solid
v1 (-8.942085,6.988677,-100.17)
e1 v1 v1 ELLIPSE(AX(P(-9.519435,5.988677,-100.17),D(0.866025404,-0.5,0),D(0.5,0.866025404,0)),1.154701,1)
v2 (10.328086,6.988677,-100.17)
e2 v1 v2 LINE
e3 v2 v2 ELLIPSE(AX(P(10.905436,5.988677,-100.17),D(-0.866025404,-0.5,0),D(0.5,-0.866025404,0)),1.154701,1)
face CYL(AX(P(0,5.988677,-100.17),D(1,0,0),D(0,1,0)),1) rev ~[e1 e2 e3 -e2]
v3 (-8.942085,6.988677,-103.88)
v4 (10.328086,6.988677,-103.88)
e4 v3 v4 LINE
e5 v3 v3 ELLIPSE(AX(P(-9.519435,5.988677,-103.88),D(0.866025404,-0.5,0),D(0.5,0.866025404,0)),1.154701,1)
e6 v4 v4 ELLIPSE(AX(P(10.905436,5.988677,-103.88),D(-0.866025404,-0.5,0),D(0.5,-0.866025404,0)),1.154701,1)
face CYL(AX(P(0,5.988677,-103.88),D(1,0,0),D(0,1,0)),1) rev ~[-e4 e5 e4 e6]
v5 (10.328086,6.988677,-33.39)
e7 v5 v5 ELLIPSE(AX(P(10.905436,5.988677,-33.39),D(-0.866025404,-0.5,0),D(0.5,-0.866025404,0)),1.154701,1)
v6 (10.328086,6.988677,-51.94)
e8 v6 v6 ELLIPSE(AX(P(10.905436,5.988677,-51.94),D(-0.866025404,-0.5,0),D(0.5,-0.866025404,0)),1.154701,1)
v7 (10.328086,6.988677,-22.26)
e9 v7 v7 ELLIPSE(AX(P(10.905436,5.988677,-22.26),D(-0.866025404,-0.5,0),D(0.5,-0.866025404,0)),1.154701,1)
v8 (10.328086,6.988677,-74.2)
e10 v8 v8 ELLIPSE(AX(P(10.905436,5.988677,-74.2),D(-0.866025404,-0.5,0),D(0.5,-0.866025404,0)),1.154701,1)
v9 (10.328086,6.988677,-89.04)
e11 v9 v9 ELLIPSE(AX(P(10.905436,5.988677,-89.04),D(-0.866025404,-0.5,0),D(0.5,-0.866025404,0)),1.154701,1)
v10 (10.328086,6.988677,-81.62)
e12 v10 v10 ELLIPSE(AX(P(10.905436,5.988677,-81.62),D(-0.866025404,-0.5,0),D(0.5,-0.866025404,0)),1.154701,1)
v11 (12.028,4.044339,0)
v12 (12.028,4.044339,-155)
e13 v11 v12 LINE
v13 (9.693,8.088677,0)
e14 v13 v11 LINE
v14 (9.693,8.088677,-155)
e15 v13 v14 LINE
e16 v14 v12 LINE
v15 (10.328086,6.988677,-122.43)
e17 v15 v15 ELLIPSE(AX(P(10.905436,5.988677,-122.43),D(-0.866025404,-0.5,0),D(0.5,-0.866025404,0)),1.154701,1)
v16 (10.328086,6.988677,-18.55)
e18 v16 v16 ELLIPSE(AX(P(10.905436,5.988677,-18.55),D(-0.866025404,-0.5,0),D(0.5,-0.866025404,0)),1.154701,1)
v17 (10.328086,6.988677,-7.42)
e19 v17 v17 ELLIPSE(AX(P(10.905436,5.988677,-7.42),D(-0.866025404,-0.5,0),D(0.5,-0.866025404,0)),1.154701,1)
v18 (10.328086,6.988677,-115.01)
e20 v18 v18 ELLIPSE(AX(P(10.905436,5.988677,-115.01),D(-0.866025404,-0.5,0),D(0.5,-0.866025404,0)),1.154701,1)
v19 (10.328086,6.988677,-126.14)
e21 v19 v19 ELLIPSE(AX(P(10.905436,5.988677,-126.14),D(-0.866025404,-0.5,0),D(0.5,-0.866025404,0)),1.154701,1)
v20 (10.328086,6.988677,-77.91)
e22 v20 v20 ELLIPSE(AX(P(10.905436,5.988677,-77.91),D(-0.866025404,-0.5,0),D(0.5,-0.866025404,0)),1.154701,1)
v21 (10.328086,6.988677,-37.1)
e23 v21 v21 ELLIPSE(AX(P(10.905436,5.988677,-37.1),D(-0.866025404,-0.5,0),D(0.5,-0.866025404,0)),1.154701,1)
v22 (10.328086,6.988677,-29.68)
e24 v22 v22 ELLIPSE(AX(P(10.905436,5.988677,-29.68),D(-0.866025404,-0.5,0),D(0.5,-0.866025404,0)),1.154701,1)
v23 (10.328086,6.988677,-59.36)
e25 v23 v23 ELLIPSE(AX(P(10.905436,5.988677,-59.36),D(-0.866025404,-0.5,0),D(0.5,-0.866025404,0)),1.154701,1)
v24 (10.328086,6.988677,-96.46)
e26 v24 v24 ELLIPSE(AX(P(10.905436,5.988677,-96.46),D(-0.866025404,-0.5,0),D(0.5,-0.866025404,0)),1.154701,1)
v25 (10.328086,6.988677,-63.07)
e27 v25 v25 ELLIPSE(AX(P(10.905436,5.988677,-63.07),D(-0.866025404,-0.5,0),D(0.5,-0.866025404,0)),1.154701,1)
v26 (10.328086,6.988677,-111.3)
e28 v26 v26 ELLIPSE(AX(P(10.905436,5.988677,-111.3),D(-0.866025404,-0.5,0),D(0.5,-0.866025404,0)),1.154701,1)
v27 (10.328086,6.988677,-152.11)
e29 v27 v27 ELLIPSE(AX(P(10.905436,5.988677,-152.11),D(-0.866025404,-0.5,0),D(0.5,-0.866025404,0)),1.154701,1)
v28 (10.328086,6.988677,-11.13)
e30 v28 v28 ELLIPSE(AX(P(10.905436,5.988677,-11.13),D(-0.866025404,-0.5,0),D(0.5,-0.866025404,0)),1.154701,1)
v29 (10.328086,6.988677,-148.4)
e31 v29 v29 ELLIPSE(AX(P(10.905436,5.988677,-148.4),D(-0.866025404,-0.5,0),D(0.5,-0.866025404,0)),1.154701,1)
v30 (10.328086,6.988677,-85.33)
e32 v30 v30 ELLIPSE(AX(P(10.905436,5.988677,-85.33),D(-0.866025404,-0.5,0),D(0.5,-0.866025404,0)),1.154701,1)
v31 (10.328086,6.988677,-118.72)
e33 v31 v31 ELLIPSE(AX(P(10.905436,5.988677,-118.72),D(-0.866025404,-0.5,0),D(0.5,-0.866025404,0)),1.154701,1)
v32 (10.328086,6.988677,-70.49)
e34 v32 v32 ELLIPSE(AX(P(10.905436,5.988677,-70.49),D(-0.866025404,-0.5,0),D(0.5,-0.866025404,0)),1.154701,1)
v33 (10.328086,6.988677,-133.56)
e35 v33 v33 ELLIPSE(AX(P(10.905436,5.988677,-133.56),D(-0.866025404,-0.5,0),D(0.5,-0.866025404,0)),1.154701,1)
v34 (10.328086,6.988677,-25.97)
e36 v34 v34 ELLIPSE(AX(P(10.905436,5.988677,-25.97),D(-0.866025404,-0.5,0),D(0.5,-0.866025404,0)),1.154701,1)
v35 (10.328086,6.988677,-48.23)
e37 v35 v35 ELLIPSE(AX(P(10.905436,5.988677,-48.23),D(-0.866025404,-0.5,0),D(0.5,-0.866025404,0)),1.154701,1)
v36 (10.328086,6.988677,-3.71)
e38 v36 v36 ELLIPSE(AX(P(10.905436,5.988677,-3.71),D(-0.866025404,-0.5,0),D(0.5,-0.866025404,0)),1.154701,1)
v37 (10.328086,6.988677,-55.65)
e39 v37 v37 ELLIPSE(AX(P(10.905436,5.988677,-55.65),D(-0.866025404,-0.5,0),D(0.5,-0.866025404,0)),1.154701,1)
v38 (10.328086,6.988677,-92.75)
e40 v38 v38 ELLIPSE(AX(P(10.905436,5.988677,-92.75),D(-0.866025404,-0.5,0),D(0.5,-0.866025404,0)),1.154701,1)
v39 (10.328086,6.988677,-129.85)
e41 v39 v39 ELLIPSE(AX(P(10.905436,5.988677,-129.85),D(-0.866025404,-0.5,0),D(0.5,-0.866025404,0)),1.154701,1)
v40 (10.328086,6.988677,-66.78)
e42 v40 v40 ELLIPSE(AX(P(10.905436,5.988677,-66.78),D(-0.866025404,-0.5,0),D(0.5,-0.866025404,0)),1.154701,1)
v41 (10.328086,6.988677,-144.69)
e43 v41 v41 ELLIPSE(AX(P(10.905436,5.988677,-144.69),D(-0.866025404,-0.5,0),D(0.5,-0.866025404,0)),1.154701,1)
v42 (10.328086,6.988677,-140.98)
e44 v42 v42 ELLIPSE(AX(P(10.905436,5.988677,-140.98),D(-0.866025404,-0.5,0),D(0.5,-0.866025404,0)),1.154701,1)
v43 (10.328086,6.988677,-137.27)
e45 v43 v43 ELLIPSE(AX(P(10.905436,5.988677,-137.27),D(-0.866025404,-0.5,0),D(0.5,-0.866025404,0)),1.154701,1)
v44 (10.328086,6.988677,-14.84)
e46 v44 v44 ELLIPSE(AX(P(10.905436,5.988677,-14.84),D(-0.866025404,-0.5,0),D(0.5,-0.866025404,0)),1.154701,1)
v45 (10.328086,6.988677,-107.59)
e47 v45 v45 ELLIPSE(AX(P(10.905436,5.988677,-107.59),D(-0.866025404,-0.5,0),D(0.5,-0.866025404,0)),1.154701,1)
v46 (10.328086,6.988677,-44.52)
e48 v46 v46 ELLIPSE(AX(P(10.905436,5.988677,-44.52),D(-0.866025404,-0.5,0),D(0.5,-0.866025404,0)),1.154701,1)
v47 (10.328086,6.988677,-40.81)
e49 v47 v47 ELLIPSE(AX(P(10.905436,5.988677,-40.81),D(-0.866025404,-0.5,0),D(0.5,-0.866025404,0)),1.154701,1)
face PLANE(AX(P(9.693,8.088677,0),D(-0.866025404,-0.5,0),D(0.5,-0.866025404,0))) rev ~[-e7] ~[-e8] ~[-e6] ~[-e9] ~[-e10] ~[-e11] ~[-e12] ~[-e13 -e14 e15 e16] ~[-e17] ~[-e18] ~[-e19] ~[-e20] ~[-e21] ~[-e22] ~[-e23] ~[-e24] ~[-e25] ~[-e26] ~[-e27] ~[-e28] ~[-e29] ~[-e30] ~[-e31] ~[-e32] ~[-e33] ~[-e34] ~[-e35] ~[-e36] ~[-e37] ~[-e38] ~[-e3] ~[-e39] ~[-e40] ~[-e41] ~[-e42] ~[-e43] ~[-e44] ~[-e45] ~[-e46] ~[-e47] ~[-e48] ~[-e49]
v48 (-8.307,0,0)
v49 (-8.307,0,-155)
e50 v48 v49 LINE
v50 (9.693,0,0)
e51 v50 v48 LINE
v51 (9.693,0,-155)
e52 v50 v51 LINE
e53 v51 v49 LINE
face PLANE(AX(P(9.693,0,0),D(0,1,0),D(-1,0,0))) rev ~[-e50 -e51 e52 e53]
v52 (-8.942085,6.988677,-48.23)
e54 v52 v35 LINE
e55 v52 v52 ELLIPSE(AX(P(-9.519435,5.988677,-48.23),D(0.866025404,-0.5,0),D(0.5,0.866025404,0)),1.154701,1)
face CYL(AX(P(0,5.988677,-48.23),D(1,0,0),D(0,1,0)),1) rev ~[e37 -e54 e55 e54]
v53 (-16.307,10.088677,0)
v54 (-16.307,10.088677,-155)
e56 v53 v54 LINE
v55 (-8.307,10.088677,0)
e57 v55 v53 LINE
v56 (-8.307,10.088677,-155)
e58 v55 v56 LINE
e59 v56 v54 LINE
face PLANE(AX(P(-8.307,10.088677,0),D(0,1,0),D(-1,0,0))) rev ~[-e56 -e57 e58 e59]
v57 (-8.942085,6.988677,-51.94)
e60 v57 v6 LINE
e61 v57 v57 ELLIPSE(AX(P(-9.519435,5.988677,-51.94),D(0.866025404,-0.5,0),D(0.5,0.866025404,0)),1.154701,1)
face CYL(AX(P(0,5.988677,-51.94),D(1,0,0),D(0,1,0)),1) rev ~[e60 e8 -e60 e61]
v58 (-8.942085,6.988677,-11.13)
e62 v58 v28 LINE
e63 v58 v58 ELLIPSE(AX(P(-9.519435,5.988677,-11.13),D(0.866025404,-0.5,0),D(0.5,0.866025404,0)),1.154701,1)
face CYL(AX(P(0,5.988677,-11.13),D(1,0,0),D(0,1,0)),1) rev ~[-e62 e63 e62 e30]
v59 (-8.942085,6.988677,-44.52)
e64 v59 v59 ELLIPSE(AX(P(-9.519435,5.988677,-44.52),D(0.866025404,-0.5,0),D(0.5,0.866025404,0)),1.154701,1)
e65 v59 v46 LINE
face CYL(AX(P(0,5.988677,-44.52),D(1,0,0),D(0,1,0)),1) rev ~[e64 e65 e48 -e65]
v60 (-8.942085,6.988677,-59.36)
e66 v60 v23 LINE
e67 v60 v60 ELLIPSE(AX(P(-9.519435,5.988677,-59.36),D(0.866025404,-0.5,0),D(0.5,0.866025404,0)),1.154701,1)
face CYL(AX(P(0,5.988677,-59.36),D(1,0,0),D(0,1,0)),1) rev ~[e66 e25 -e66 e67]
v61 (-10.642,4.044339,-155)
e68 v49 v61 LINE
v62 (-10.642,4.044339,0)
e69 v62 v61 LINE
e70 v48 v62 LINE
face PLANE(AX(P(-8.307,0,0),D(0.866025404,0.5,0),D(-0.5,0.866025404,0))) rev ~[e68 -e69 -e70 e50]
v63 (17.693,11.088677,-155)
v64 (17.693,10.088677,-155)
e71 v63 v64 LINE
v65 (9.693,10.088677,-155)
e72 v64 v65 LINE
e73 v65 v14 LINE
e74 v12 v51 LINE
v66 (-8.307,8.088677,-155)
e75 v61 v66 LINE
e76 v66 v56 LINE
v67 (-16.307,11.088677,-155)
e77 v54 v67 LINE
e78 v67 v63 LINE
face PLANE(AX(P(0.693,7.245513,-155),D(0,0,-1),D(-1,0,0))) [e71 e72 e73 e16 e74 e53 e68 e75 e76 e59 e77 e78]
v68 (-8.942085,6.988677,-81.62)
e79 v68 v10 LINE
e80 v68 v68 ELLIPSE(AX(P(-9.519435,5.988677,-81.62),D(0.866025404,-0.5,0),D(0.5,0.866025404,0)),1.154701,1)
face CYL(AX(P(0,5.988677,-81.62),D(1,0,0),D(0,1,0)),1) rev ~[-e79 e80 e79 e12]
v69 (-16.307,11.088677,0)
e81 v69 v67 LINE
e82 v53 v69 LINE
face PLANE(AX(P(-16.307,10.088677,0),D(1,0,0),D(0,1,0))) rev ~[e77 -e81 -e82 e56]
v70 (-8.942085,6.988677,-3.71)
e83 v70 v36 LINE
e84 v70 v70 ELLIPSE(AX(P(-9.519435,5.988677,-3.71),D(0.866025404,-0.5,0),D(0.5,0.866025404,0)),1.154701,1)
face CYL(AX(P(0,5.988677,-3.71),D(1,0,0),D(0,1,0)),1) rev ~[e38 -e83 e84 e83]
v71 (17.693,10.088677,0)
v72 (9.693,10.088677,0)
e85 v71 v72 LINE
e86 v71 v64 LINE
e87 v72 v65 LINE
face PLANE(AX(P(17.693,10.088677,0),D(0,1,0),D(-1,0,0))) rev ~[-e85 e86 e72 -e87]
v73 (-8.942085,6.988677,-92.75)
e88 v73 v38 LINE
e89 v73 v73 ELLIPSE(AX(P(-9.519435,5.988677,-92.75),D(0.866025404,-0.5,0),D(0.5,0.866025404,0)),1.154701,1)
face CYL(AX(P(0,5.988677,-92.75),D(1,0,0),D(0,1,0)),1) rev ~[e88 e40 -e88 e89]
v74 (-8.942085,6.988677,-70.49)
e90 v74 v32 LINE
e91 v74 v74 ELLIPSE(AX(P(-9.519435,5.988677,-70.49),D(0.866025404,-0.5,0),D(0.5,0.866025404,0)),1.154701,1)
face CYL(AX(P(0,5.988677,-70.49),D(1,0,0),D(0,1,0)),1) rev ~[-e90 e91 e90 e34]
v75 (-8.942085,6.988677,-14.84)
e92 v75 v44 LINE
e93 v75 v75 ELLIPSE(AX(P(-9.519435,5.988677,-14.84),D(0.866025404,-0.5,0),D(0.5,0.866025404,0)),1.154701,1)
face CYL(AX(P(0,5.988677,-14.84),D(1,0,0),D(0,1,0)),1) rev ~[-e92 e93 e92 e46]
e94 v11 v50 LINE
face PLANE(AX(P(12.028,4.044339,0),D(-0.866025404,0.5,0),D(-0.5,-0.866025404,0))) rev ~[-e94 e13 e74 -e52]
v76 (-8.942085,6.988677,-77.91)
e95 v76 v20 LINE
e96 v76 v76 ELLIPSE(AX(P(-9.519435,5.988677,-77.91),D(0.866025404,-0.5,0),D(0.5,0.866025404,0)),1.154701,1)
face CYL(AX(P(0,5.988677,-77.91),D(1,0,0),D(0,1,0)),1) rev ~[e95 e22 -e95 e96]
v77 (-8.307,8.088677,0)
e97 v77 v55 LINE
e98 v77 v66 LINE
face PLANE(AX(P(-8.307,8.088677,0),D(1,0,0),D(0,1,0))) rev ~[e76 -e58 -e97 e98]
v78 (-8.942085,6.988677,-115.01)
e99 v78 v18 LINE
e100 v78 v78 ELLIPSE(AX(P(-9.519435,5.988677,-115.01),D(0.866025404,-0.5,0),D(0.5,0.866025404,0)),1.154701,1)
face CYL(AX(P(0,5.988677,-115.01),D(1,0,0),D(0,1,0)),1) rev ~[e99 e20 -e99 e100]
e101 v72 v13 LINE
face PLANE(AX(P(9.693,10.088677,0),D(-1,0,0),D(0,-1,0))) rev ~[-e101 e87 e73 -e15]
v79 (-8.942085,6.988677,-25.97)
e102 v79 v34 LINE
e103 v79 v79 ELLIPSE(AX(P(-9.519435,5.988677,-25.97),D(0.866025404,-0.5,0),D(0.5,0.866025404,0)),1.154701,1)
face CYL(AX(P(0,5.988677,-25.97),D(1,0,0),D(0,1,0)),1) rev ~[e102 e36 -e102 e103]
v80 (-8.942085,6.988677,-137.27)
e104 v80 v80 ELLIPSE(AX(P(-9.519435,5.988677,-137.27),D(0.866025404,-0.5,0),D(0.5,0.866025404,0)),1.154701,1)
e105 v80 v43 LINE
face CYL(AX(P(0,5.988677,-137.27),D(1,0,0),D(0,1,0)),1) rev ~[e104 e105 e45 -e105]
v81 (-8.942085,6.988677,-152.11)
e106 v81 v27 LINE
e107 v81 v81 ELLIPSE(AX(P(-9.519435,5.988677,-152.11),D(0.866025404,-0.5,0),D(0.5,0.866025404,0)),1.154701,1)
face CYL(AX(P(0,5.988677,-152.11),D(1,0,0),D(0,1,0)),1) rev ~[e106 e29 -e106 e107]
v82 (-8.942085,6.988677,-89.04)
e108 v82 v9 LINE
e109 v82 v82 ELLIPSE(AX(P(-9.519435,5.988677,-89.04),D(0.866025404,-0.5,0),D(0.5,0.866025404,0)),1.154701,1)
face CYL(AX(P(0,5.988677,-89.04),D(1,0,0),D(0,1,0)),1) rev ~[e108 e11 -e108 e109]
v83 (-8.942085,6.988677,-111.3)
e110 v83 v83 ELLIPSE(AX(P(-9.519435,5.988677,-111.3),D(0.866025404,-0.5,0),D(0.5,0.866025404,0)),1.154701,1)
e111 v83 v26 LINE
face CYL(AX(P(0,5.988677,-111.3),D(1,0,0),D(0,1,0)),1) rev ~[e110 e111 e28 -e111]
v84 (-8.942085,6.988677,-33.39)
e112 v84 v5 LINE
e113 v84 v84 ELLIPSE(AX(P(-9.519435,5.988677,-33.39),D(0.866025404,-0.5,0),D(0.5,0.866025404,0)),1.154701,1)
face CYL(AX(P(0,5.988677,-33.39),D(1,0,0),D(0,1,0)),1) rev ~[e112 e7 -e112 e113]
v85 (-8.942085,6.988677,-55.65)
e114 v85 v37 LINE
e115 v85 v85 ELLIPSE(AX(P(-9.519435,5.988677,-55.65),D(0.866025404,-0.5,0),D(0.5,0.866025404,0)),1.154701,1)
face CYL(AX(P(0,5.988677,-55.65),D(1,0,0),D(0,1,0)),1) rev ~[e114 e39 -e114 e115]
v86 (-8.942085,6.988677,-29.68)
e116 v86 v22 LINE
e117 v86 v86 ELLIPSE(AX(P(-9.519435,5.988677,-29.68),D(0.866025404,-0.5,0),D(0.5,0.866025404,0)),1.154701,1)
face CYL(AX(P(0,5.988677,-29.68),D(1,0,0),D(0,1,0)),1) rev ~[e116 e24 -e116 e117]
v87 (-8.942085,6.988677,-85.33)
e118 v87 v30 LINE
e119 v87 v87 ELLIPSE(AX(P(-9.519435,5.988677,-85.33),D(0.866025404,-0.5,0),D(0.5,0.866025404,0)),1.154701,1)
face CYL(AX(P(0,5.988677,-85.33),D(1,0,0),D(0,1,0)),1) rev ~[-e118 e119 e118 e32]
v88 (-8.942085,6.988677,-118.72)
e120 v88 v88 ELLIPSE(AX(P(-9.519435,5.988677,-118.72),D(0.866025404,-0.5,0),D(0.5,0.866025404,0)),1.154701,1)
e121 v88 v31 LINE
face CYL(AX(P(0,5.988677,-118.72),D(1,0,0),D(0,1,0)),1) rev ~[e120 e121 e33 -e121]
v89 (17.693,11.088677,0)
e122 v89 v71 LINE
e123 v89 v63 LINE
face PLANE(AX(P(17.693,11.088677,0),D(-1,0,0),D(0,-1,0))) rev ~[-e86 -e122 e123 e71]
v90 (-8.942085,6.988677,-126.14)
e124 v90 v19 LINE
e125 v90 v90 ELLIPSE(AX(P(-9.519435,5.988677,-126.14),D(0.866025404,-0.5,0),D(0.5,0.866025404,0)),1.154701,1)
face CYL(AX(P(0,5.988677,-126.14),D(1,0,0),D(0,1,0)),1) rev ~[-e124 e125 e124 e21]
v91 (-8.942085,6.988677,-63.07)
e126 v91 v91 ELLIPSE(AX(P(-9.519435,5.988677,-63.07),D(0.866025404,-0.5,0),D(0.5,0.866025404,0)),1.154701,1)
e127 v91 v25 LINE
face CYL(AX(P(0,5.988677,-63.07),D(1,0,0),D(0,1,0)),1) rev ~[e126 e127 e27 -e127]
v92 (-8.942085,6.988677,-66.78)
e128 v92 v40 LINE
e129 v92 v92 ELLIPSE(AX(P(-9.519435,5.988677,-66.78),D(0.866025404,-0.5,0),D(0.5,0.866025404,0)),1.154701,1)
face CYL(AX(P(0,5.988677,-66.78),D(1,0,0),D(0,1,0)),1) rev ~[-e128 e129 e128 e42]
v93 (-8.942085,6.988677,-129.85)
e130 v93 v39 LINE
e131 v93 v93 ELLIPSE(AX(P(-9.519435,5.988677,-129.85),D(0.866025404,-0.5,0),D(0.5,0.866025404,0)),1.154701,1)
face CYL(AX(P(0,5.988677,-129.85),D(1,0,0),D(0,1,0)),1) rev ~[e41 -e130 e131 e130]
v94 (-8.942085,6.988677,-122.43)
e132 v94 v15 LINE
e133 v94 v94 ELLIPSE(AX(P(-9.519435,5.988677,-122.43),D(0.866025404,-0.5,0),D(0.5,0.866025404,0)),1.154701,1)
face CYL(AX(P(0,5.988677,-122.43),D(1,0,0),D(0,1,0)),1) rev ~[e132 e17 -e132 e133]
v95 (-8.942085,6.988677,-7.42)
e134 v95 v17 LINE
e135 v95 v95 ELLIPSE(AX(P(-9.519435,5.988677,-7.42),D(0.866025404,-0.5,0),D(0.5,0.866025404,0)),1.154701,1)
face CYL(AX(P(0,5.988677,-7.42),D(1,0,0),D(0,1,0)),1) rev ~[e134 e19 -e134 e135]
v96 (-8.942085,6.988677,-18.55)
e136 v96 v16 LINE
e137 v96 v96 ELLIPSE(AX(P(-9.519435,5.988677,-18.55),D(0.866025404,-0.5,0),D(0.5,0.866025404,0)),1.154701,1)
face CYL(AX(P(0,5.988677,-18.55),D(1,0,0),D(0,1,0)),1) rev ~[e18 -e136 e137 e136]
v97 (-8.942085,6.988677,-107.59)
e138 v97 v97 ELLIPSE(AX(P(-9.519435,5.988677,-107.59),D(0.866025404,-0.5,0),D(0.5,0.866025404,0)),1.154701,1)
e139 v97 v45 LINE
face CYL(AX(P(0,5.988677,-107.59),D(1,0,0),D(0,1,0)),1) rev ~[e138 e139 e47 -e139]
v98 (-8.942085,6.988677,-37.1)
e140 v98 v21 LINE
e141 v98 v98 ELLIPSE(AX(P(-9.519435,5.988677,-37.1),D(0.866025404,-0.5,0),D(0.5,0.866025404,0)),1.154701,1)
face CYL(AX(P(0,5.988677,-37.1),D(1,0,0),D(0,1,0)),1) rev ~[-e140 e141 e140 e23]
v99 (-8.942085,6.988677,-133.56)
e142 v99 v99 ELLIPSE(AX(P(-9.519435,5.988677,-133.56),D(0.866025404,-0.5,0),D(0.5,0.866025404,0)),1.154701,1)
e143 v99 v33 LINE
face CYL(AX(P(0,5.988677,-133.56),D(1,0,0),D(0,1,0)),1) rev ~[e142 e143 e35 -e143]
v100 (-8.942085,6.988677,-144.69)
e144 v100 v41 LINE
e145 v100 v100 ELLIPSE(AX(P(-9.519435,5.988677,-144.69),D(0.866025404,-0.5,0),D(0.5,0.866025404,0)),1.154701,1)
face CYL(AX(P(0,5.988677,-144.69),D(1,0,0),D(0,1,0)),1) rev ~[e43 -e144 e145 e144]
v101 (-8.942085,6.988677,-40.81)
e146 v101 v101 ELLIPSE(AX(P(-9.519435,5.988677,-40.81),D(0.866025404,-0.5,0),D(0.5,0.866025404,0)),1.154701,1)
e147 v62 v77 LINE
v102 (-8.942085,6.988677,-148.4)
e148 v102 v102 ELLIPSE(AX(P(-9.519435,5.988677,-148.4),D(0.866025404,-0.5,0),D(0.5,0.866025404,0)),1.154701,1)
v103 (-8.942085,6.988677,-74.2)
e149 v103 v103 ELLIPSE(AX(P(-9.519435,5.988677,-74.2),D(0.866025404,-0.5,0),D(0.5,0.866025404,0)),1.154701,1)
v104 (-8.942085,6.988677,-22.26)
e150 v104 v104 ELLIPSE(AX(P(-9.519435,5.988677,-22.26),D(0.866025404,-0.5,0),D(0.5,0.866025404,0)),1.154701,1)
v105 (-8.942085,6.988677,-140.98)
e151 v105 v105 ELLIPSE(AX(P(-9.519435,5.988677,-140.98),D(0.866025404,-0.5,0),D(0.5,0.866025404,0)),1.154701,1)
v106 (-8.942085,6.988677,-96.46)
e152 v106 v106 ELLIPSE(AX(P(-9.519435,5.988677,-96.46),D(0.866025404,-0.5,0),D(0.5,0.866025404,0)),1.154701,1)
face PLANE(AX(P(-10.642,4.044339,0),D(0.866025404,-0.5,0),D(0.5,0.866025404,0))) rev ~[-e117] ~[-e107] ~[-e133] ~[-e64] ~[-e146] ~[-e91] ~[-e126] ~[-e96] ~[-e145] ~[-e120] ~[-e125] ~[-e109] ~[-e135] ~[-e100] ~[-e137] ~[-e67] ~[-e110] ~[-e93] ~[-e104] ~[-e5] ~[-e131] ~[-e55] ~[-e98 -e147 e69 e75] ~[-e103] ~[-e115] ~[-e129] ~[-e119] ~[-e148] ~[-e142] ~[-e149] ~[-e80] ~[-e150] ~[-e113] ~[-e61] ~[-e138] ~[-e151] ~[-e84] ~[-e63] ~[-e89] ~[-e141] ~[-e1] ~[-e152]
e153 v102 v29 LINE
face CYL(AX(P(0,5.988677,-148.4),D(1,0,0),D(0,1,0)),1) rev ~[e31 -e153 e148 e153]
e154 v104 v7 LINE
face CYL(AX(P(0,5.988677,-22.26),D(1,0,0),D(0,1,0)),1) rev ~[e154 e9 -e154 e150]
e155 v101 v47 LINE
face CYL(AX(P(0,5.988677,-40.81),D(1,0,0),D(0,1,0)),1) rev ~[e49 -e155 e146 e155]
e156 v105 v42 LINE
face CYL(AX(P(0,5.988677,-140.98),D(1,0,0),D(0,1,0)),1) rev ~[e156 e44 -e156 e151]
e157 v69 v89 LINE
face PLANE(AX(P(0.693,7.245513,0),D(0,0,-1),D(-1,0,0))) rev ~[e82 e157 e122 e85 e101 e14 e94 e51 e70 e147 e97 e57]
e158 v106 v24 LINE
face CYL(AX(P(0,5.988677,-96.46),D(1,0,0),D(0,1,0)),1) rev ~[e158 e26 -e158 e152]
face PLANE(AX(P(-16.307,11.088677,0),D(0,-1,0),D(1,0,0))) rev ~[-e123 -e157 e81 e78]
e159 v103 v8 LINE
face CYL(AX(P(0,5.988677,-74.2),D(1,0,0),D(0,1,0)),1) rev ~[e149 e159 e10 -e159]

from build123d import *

# Parameters (mm, degrees)
BOSS_EXTRUDE1_DEPTH = 155
SKETCH2_R           = 1
CUT_EXTRUDE1_DEPTH  = 157.400131162
LPATTERN1_COUNT     = 41
LPATTERN1_PITCH     = 3.71


with BuildPart() as part:
    # Sketch1 → Boss-Extrude1 (new body)
    with BuildSketch(Plane.XY):
        Polygon((9.693000417, 0), (-8.306999583, 0), (-10.641999583, 4.044338636), (-8.306999583, 8.088677271), (-8.306999583, 10.088677271), (-16.306999583, 10.088677271), (-16.306999583, 11.088677271), (17.693000417, 11.088677271), (17.693000417, 10.088677271), (9.693000417, 10.088677271), (9.693000417, 8.088677271), (12.028000417, 4.044338636), align=None)
    extrude(amount=-BOSS_EXTRUDE1_DEPTH)

    # Sketch2 → Cut-Extrude1 (cut, symmetric)
    with BuildSketch(Plane(origin=(0, 0, 0), x_dir=(0, 0, -1), z_dir=(1, 0, 0))):
        with Locations(Location((3.71, 5.988677271, 0), (0, 0, 90))):
            Circle(SKETCH2_R)
    cut_extrude1 = extrude(amount=CUT_EXTRUDE1_DEPTH, both=True, mode=Mode.SUBTRACT)

    # LPattern1: Cut-Extrude1 ×41
    with Locations(*[(0, 0, -i * LPATTERN1_PITCH) for i in range(1, LPATTERN1_COUNT)]):
        add(cut_extrude1, mode=Mode.SUBTRACT)


solid = part.part
